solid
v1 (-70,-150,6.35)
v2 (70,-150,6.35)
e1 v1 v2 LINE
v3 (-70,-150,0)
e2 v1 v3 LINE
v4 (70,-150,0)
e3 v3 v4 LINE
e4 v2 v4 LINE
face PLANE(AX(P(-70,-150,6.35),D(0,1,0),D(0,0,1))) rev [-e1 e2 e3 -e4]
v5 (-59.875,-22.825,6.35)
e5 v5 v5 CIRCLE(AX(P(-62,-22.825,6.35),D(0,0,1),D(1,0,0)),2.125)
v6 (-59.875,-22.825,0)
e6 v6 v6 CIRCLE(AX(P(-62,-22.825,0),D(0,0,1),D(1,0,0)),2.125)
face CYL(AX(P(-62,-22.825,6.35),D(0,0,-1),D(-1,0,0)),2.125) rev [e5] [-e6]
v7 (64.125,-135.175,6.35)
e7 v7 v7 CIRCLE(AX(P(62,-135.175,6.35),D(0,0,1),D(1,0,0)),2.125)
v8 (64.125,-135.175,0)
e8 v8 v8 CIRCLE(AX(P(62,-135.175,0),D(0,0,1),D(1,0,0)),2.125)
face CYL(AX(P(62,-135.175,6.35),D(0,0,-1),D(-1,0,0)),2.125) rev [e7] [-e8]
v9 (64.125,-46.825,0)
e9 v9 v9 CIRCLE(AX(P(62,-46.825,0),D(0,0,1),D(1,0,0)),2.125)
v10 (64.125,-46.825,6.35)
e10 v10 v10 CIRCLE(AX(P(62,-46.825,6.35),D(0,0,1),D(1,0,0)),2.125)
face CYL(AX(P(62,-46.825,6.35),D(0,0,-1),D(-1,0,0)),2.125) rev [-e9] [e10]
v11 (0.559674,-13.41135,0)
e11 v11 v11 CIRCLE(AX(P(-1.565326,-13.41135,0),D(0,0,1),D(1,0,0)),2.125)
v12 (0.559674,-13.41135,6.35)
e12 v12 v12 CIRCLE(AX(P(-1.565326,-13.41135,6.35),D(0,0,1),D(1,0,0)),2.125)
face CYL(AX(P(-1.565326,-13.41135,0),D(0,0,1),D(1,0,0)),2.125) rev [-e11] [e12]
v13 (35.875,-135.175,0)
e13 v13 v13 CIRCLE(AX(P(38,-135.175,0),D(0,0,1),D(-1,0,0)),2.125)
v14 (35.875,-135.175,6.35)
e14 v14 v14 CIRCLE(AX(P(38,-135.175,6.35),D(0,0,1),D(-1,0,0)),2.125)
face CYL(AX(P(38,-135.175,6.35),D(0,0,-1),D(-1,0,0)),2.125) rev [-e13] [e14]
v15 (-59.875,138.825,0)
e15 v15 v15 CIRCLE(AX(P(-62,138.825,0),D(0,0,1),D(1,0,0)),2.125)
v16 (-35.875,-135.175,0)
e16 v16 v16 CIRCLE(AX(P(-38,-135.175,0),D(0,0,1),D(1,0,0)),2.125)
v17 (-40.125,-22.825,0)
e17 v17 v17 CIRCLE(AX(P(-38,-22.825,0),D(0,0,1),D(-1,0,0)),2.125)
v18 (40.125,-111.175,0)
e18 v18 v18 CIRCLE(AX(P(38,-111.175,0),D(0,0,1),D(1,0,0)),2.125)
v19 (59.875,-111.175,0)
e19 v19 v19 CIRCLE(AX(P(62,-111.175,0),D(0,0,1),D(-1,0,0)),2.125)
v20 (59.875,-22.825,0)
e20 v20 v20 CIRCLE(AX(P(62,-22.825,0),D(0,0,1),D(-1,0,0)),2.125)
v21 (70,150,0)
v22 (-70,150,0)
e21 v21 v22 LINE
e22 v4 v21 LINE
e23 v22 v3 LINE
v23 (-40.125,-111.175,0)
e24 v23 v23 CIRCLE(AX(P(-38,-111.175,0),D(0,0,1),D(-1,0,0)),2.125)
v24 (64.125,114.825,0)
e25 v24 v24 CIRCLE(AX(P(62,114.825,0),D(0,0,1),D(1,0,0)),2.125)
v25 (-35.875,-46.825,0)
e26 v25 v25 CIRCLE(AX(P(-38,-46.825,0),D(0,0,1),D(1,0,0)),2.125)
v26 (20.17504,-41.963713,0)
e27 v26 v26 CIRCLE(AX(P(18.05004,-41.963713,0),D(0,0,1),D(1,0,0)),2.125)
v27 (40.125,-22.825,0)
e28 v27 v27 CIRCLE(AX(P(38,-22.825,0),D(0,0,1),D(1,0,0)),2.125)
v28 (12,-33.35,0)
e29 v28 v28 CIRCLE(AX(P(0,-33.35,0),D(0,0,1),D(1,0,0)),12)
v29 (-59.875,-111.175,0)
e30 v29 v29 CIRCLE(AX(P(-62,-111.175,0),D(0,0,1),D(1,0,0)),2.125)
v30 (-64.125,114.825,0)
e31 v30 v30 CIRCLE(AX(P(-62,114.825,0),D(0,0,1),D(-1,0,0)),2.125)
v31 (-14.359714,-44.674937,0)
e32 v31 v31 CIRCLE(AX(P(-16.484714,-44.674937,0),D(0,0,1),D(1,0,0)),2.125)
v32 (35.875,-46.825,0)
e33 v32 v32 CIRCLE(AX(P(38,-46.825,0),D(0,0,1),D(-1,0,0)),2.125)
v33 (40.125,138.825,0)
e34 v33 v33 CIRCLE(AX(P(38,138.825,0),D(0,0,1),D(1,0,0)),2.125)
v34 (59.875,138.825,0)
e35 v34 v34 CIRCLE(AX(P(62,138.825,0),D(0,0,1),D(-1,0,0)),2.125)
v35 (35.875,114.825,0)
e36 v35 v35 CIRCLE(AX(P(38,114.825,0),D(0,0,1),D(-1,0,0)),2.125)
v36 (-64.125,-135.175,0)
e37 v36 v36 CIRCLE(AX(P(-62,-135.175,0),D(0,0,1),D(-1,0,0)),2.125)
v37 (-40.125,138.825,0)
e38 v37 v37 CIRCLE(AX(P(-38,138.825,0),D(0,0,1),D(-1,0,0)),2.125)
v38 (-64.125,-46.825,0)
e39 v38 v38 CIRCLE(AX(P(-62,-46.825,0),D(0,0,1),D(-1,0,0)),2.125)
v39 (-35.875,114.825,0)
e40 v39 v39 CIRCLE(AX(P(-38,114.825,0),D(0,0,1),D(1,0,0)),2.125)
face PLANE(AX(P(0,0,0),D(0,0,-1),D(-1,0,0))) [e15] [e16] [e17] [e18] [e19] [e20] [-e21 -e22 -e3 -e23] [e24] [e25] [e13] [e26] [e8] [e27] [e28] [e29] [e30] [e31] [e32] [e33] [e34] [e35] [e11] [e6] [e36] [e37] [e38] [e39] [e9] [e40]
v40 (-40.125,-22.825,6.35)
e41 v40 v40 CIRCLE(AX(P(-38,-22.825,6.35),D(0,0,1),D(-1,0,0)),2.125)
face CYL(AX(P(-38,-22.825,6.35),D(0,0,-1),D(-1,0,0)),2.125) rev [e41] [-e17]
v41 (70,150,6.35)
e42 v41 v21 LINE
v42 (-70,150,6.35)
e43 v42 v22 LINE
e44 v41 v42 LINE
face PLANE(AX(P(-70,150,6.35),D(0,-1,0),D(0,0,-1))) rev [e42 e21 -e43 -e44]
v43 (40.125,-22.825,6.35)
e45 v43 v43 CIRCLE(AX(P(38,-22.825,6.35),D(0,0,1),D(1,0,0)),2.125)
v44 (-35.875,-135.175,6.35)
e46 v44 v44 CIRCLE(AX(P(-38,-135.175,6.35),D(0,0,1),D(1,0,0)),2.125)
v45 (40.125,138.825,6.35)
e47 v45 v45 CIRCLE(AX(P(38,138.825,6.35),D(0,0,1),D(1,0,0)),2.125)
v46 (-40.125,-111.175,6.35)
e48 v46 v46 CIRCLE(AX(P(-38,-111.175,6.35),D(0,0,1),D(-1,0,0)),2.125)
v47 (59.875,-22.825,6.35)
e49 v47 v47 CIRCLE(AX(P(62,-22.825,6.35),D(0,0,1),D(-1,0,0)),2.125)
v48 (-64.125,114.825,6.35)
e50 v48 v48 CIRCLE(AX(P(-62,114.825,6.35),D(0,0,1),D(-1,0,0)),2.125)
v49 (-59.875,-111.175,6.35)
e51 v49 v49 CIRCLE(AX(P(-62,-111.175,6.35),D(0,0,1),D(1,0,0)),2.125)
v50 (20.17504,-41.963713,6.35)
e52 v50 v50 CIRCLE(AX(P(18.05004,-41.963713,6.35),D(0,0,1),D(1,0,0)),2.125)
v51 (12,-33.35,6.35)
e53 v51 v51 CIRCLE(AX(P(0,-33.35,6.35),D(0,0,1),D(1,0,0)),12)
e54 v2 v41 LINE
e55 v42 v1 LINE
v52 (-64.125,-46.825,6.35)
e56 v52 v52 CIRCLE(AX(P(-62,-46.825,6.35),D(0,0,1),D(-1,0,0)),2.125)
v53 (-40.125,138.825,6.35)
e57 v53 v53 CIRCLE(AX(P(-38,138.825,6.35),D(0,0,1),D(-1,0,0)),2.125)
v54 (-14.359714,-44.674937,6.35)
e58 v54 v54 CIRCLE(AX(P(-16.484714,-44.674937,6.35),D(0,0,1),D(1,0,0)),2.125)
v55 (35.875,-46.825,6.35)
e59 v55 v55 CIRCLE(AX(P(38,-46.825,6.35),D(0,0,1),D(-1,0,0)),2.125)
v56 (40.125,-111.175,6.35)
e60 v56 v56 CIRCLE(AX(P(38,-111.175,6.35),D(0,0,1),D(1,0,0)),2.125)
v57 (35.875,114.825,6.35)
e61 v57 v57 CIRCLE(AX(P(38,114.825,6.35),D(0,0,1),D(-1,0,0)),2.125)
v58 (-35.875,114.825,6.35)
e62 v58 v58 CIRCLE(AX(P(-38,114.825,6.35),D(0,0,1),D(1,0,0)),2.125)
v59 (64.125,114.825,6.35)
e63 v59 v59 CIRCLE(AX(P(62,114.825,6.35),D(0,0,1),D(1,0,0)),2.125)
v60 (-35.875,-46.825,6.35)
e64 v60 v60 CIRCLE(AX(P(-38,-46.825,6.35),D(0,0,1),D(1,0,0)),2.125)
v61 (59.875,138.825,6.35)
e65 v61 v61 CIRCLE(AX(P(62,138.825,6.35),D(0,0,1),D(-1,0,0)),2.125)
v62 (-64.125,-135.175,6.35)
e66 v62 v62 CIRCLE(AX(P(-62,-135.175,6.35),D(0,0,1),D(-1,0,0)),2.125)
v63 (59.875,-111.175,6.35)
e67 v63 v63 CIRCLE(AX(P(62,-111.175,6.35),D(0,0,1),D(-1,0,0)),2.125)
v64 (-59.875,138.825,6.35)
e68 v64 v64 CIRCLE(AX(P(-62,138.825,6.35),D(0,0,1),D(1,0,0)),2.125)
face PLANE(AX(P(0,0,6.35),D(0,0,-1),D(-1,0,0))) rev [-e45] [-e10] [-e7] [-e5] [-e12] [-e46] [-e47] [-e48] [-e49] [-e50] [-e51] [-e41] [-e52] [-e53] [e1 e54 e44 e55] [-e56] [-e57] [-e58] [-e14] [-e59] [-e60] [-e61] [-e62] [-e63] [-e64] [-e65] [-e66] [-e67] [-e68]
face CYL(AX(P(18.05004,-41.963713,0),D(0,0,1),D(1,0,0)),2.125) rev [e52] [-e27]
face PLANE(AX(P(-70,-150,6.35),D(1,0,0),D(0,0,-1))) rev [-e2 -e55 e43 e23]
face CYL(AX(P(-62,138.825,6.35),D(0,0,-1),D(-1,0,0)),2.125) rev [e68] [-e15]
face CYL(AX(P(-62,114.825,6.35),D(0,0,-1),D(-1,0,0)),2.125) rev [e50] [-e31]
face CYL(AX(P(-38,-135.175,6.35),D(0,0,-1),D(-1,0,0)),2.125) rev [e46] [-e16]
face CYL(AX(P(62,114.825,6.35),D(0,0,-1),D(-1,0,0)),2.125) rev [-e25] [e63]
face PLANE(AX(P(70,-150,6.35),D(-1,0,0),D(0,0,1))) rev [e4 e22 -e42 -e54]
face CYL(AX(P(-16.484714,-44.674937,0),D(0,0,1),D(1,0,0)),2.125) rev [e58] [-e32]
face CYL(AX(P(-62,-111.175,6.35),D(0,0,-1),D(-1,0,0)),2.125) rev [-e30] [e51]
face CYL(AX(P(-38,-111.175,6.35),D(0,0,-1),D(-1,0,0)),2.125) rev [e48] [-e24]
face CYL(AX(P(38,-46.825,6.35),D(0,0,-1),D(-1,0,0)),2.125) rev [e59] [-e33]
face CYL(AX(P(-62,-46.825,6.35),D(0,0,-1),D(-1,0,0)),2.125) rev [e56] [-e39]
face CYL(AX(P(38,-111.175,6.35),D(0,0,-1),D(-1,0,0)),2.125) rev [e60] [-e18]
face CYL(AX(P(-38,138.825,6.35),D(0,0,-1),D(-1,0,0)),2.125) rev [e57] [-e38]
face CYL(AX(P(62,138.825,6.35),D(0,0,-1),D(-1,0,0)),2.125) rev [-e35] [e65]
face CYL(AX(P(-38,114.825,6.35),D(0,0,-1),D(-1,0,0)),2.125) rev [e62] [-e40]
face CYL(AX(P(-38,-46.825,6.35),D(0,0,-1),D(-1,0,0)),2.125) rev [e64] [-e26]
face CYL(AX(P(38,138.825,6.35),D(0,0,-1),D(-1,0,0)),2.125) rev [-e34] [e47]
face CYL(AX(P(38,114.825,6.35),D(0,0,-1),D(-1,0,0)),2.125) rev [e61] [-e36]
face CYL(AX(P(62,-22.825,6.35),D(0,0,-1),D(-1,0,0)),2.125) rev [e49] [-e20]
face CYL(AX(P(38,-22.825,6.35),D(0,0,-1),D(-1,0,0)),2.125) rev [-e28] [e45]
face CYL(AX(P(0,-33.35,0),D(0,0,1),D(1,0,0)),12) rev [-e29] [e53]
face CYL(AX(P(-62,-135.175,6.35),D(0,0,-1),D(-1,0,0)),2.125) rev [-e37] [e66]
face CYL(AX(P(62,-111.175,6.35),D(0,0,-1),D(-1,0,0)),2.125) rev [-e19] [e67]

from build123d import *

# Parameters (mm, degrees)
SKETCH1_W           = 140
SKETCH1_H           = 300
SKETCH1_R           = 2.125
BOSS_EXTRUDE1_DEPTH = 6.35
SKETCH2_R           = 12
SKETCH2_R_2         = 2.125
CUT_EXTRUDE1_DEPTH  = 166.651207361


with BuildPart() as part:
    # Sketch1 → Boss-Extrude1 (new body)
    with BuildSketch(Plane.XY):
        Rectangle(SKETCH1_W, SKETCH1_H)
        with Locations((-62, 138.825)):
            Circle(SKETCH1_R, mode=Mode.SUBTRACT)
        with Locations(Location((-38, 138.825, 0), (0, 0, 180))):
            Circle(SKETCH1_R, mode=Mode.SUBTRACT)
        with Locations((-38, 114.825)):
            Circle(SKETCH1_R, mode=Mode.SUBTRACT)
        with Locations(Location((-62, 114.825, 0), (0, 0, 180))):
            Circle(SKETCH1_R, mode=Mode.SUBTRACT)
        with Locations(Location((38, 114.825, 0), (0, 0, 180))):
            Circle(SKETCH1_R, mode=Mode.SUBTRACT)
        with Locations((62, 114.825)):
            Circle(SKETCH1_R, mode=Mode.SUBTRACT)
        with Locations((38, 138.825)):
            Circle(SKETCH1_R, mode=Mode.SUBTRACT)
        with Locations(Location((62, 138.825, 0), (0, 0, 180))):
            Circle(SKETCH1_R, mode=Mode.SUBTRACT)
        with Locations((62, -46.825)):
            Circle(SKETCH1_R, mode=Mode.SUBTRACT)
        with Locations(Location((38, -46.825, 0), (0, 0, 180))):
            Circle(SKETCH1_R, mode=Mode.SUBTRACT)
        with Locations(Location((62, -22.825, 0), (0, 0, 180))):
            Circle(SKETCH1_R, mode=Mode.SUBTRACT)
        with Locations((38, -22.825)):
            Circle(SKETCH1_R, mode=Mode.SUBTRACT)
        with Locations((-62, -22.825)):
            Circle(SKETCH1_R, mode=Mode.SUBTRACT)
        with Locations(Location((-38, -22.825, 0), (0, 0, 180))):
            Circle(SKETCH1_R, mode=Mode.SUBTRACT)
        with Locations((-38, -46.825)):
            Circle(SKETCH1_R, mode=Mode.SUBTRACT)
        with Locations(Location((-62, -46.825, 0), (0, 0, 180))):
            Circle(SKETCH1_R, mode=Mode.SUBTRACT)
        with Locations((-62, -111.175)):
            Circle(SKETCH1_R, mode=Mode.SUBTRACT)
        with Locations(Location((-38, -111.175, 0), (0, 0, 180))):
            Circle(SKETCH1_R, mode=Mode.SUBTRACT)
        with Locations((-38, -135.175)):
            Circle(SKETCH1_R, mode=Mode.SUBTRACT)
        with Locations(Location((-62, -135.175, 0), (0, 0, 180))):
            Circle(SKETCH1_R, mode=Mode.SUBTRACT)
        with Locations(Location((38, -135.175, 0), (0, 0, 180))):
            Circle(SKETCH1_R, mode=Mode.SUBTRACT)
        with Locations((62, -135.175)):
            Circle(SKETCH1_R, mode=Mode.SUBTRACT)
        with Locations((38, -111.175)):
            Circle(SKETCH1_R, mode=Mode.SUBTRACT)
        with Locations(Location((62, -111.175, 0), (0, 0, 180))):
            Circle(SKETCH1_R, mode=Mode.SUBTRACT)
    extrude(amount=BOSS_EXTRUDE1_DEPTH)

    # Sketch2 → Cut-Extrude1 (cut, through all)
    with BuildSketch(Plane.XY.offset(6.35)):
        with Locations((0, -33.35)):
            Circle(SKETCH2_R)
        with Locations((-1.565325907, -13.411350226)):
            Circle(SKETCH2_R_2)
        with Locations((18.050040175, -41.963712886)):
            Circle(SKETCH2_R_2)
        with Locations((-16.484714268, -44.674936888)):
            Circle(SKETCH2_R_2)
    extrude(amount=-CUT_EXTRUDE1_DEPTH, mode=Mode.SUBTRACT)


solid = part.part
